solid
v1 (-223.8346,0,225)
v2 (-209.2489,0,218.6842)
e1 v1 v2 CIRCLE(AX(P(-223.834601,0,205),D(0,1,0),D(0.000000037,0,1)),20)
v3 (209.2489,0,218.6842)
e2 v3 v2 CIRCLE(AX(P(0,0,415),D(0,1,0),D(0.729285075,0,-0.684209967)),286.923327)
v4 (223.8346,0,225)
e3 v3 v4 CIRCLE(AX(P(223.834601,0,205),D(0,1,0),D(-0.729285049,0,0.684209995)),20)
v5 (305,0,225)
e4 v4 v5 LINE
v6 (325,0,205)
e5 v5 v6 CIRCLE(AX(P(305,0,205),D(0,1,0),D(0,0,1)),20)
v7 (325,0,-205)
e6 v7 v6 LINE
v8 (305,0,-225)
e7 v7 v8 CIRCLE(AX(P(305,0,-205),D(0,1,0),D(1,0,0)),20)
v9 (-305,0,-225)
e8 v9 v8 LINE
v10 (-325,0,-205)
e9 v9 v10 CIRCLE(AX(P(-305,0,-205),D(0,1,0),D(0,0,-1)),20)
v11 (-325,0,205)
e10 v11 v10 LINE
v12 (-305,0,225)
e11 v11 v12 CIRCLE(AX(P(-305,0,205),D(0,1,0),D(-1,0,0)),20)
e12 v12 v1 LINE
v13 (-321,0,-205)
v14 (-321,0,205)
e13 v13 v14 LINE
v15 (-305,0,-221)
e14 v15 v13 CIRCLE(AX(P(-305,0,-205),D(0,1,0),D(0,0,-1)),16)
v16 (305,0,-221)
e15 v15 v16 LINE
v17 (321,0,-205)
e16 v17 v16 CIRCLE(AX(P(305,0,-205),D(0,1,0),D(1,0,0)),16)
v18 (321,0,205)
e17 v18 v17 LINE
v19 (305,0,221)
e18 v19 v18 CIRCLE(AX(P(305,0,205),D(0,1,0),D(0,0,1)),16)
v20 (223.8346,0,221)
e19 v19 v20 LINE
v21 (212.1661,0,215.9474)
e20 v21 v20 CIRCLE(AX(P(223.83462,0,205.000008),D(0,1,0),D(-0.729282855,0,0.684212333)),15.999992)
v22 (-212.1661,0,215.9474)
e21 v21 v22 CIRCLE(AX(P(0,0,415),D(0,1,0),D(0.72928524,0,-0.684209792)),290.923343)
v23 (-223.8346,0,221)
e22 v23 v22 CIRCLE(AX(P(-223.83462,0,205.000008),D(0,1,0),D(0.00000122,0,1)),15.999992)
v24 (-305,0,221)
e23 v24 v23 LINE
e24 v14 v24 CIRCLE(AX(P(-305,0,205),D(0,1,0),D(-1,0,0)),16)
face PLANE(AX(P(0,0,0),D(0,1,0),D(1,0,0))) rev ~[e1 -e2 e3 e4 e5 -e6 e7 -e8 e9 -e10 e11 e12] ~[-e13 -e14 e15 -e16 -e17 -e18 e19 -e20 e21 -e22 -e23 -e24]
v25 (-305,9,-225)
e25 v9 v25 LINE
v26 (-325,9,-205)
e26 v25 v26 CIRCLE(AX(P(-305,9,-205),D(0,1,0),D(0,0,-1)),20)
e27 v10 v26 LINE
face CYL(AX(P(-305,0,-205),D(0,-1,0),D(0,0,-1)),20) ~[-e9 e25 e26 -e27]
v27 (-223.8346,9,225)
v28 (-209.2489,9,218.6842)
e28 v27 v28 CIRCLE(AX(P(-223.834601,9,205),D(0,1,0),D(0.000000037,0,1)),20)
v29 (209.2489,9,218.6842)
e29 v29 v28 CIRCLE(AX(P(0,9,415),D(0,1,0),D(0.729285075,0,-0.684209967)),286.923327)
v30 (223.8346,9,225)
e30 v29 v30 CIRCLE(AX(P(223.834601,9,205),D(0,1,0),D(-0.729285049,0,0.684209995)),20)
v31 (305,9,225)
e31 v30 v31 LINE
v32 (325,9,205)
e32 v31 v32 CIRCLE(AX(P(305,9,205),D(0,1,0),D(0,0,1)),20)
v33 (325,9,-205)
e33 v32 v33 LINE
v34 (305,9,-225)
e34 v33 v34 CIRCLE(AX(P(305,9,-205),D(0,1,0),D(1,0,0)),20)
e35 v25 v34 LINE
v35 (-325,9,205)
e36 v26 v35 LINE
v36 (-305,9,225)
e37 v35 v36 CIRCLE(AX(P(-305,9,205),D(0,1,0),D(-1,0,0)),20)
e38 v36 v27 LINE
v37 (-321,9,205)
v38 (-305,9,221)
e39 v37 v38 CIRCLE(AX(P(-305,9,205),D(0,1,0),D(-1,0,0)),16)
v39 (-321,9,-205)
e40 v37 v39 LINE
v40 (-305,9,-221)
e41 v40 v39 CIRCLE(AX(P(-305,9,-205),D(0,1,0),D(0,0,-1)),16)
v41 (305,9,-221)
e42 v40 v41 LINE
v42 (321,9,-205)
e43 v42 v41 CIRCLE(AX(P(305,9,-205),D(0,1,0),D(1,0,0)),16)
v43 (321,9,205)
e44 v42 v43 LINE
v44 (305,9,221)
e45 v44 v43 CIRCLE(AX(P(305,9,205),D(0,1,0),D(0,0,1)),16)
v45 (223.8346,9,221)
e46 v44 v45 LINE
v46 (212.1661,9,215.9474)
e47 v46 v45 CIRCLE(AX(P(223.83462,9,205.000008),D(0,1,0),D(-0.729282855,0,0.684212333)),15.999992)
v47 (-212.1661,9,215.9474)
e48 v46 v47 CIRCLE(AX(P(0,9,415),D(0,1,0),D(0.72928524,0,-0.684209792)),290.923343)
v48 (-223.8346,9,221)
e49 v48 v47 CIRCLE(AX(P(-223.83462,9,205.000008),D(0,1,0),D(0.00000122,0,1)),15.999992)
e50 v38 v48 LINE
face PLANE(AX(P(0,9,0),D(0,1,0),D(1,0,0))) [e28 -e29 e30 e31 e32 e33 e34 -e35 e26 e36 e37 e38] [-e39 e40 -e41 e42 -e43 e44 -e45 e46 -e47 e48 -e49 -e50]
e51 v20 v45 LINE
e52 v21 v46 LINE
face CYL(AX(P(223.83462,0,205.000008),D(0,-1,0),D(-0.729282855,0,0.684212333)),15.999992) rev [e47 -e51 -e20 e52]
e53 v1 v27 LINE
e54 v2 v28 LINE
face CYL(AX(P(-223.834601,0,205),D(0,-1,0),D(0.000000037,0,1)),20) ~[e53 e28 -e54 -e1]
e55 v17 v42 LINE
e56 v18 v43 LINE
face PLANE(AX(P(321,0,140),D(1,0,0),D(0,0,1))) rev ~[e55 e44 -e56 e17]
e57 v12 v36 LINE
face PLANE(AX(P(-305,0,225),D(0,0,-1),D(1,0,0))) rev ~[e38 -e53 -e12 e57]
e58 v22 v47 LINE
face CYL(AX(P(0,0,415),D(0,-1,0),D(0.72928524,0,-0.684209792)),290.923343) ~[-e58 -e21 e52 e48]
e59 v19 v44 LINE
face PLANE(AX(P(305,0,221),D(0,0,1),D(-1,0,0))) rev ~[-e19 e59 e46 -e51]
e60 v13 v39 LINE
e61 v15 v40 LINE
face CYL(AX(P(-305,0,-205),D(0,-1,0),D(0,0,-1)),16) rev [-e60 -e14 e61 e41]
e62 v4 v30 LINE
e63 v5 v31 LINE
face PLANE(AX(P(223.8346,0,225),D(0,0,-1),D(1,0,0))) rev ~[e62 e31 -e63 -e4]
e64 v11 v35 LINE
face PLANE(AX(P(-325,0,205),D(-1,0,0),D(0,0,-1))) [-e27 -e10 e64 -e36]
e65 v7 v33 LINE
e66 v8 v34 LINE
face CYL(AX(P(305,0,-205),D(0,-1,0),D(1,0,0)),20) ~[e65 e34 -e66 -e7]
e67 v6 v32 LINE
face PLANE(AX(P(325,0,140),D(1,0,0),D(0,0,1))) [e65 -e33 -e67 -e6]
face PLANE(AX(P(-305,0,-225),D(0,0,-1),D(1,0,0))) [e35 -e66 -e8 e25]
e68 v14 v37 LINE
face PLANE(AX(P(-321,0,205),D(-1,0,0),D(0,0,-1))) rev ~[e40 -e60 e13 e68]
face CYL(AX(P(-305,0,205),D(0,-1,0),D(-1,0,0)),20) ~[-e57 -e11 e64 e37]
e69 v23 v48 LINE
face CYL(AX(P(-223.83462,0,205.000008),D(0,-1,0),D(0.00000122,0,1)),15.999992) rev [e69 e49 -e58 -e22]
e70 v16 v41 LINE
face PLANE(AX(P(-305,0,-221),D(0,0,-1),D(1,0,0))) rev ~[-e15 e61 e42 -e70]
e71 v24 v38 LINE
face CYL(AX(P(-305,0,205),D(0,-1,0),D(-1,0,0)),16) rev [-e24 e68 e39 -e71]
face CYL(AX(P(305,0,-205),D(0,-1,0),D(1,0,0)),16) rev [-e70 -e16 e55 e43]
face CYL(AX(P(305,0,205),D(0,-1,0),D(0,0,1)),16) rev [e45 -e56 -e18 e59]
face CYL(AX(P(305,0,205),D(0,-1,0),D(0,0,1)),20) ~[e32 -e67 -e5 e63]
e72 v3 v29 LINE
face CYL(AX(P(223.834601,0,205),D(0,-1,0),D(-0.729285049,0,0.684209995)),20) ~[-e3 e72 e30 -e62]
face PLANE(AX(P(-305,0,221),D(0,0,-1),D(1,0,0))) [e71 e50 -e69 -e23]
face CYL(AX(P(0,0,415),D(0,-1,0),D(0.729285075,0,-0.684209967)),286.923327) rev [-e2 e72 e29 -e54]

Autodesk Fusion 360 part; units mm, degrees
sketch "Esquisse1" plane through (0, 0, 0) normal (0, 1, 0) x (1, 0, 0)
  arc A0 (305, -225) -> (325, -205) centre (305, -205) ccw
  arc A1 (-325, -205) -> (-305, -225) centre (-305, -205) ccw
  arc A2 (-223.8346, -225) -> (-209.2489, -218.6842) centre (-223.8346, -205) ccw
  line L0 (-305, -225) -> (-223.8346, -225)
  line L1 (-367.4671, -125) -> (350, -125) construction
  arc A3 (209.2489, -218.6842) -> (223.8346, -225) centre (223.8346, -205) ccw
  line L2 (325, 205) -> (325, -205)
  line L3 (-325, -205) -> (-325, 205)
  arc A4 (209.2489, -218.6842) -> (-209.2489, -218.6842) centre (0, -415) ccw
  arc A5 (-305, 225) -> (-325, 205) centre (-305, 205) ccw
  line L4 (325, 225) -> (-325, -225) construction
  line L5 (-325, 225) -> (325, -225) construction
  line L6 (-305, 225) -> (305, 225)
  arc A6 (325, 205) -> (305, 225) centre (305, 205) ccw
  line L7 (215, -225) -> (325, -225)
  line L8 (305, -225) -> (223.8346, -225)
  arc A7 (-305, 221) -> (-321, 205) centre (-305, 205) ccw
  line L9 (-321, -205) -> (-321, 205)
  arc A8 (-321, -205) -> (-305, -221) centre (-305, -205) ccw
  line L10 (-305, -221) -> (-223.8346, -221)
  arc A9 (-223.8346, -221) -> (-212.1661, -215.9474) centre (-223.8346, -205) ccw
  arc A10 (212.1661, -215.9474) -> (-212.1661, -215.9474) centre (0, -415) ccw
  arc A11 (212.1661, -215.9474) -> (223.8346, -221) centre (223.8346, -205) ccw
  line L11 (305, -221) -> (223.8346, -221)
  arc A12 (305, -221) -> (321, -205) centre (305, -205) ccw
  line L12 (321, 205) -> (321, -205)
  arc A13 (321, 205) -> (305, 221) centre (305, 205) ccw
  line L13 (-305, 221) -> (305, 221)
  line L14 (-325, -140) -> (-321, -140)
  line L15 (325, -140) -> (321, -140)
  line L16 (325, 200) -> (321, 200)
  line L17 (-325, 200) -> (-321, 200)
  line L18 (-325, 200) -> (-325, -140)
  line L19 (-321, -140) -> (-321, 200)
  line L20 (321, 200) -> (321, -140)
  line L21 (325, 200) -> (325, -140)
  line L22 (321, 200) -> (325, 200)
  line L23 (325, 200) -> (325, -140)
  line L24 (325, -140) -> (321, -140)
  line L25 (321, -140) -> (321, 200)
  line L26 (321, -140) -> (321, -205)
  line L27 (325, -140) -> (325, -205)
  line L28 (-325, -140) -> (-325, -205)
  line L29 (-321, -140) -> (-321, -205)
  point P0 (-215, -225)
  dimension "d12" = 650
  dimension "d13" = 450
  dimension "d14" = 110
  dimension "d15" = 110
  dimension "d16" = 100
  dimension "d20" = 190
  dimension "d21" = 20
  dimension "d8" = 4
extrude "Extrusion1" add sketch "Esquisse1" along normal blind 9 contours A0 A1 A2 L0 A3 L2 L3 A4 L7 L8 L9 A8 L10 A9 A10 A11 L11 A12 L12 L14 L15 L24 L26 L27 L28 L29 | L2 L12 L15 L16 L20 L21 L22 L23 L24 L25 | L2 L3 A5 L6 A6 A7 L9 L12 A13 L13 L16 L17 L22 | L3 L9 L14 L17 L18 L19
